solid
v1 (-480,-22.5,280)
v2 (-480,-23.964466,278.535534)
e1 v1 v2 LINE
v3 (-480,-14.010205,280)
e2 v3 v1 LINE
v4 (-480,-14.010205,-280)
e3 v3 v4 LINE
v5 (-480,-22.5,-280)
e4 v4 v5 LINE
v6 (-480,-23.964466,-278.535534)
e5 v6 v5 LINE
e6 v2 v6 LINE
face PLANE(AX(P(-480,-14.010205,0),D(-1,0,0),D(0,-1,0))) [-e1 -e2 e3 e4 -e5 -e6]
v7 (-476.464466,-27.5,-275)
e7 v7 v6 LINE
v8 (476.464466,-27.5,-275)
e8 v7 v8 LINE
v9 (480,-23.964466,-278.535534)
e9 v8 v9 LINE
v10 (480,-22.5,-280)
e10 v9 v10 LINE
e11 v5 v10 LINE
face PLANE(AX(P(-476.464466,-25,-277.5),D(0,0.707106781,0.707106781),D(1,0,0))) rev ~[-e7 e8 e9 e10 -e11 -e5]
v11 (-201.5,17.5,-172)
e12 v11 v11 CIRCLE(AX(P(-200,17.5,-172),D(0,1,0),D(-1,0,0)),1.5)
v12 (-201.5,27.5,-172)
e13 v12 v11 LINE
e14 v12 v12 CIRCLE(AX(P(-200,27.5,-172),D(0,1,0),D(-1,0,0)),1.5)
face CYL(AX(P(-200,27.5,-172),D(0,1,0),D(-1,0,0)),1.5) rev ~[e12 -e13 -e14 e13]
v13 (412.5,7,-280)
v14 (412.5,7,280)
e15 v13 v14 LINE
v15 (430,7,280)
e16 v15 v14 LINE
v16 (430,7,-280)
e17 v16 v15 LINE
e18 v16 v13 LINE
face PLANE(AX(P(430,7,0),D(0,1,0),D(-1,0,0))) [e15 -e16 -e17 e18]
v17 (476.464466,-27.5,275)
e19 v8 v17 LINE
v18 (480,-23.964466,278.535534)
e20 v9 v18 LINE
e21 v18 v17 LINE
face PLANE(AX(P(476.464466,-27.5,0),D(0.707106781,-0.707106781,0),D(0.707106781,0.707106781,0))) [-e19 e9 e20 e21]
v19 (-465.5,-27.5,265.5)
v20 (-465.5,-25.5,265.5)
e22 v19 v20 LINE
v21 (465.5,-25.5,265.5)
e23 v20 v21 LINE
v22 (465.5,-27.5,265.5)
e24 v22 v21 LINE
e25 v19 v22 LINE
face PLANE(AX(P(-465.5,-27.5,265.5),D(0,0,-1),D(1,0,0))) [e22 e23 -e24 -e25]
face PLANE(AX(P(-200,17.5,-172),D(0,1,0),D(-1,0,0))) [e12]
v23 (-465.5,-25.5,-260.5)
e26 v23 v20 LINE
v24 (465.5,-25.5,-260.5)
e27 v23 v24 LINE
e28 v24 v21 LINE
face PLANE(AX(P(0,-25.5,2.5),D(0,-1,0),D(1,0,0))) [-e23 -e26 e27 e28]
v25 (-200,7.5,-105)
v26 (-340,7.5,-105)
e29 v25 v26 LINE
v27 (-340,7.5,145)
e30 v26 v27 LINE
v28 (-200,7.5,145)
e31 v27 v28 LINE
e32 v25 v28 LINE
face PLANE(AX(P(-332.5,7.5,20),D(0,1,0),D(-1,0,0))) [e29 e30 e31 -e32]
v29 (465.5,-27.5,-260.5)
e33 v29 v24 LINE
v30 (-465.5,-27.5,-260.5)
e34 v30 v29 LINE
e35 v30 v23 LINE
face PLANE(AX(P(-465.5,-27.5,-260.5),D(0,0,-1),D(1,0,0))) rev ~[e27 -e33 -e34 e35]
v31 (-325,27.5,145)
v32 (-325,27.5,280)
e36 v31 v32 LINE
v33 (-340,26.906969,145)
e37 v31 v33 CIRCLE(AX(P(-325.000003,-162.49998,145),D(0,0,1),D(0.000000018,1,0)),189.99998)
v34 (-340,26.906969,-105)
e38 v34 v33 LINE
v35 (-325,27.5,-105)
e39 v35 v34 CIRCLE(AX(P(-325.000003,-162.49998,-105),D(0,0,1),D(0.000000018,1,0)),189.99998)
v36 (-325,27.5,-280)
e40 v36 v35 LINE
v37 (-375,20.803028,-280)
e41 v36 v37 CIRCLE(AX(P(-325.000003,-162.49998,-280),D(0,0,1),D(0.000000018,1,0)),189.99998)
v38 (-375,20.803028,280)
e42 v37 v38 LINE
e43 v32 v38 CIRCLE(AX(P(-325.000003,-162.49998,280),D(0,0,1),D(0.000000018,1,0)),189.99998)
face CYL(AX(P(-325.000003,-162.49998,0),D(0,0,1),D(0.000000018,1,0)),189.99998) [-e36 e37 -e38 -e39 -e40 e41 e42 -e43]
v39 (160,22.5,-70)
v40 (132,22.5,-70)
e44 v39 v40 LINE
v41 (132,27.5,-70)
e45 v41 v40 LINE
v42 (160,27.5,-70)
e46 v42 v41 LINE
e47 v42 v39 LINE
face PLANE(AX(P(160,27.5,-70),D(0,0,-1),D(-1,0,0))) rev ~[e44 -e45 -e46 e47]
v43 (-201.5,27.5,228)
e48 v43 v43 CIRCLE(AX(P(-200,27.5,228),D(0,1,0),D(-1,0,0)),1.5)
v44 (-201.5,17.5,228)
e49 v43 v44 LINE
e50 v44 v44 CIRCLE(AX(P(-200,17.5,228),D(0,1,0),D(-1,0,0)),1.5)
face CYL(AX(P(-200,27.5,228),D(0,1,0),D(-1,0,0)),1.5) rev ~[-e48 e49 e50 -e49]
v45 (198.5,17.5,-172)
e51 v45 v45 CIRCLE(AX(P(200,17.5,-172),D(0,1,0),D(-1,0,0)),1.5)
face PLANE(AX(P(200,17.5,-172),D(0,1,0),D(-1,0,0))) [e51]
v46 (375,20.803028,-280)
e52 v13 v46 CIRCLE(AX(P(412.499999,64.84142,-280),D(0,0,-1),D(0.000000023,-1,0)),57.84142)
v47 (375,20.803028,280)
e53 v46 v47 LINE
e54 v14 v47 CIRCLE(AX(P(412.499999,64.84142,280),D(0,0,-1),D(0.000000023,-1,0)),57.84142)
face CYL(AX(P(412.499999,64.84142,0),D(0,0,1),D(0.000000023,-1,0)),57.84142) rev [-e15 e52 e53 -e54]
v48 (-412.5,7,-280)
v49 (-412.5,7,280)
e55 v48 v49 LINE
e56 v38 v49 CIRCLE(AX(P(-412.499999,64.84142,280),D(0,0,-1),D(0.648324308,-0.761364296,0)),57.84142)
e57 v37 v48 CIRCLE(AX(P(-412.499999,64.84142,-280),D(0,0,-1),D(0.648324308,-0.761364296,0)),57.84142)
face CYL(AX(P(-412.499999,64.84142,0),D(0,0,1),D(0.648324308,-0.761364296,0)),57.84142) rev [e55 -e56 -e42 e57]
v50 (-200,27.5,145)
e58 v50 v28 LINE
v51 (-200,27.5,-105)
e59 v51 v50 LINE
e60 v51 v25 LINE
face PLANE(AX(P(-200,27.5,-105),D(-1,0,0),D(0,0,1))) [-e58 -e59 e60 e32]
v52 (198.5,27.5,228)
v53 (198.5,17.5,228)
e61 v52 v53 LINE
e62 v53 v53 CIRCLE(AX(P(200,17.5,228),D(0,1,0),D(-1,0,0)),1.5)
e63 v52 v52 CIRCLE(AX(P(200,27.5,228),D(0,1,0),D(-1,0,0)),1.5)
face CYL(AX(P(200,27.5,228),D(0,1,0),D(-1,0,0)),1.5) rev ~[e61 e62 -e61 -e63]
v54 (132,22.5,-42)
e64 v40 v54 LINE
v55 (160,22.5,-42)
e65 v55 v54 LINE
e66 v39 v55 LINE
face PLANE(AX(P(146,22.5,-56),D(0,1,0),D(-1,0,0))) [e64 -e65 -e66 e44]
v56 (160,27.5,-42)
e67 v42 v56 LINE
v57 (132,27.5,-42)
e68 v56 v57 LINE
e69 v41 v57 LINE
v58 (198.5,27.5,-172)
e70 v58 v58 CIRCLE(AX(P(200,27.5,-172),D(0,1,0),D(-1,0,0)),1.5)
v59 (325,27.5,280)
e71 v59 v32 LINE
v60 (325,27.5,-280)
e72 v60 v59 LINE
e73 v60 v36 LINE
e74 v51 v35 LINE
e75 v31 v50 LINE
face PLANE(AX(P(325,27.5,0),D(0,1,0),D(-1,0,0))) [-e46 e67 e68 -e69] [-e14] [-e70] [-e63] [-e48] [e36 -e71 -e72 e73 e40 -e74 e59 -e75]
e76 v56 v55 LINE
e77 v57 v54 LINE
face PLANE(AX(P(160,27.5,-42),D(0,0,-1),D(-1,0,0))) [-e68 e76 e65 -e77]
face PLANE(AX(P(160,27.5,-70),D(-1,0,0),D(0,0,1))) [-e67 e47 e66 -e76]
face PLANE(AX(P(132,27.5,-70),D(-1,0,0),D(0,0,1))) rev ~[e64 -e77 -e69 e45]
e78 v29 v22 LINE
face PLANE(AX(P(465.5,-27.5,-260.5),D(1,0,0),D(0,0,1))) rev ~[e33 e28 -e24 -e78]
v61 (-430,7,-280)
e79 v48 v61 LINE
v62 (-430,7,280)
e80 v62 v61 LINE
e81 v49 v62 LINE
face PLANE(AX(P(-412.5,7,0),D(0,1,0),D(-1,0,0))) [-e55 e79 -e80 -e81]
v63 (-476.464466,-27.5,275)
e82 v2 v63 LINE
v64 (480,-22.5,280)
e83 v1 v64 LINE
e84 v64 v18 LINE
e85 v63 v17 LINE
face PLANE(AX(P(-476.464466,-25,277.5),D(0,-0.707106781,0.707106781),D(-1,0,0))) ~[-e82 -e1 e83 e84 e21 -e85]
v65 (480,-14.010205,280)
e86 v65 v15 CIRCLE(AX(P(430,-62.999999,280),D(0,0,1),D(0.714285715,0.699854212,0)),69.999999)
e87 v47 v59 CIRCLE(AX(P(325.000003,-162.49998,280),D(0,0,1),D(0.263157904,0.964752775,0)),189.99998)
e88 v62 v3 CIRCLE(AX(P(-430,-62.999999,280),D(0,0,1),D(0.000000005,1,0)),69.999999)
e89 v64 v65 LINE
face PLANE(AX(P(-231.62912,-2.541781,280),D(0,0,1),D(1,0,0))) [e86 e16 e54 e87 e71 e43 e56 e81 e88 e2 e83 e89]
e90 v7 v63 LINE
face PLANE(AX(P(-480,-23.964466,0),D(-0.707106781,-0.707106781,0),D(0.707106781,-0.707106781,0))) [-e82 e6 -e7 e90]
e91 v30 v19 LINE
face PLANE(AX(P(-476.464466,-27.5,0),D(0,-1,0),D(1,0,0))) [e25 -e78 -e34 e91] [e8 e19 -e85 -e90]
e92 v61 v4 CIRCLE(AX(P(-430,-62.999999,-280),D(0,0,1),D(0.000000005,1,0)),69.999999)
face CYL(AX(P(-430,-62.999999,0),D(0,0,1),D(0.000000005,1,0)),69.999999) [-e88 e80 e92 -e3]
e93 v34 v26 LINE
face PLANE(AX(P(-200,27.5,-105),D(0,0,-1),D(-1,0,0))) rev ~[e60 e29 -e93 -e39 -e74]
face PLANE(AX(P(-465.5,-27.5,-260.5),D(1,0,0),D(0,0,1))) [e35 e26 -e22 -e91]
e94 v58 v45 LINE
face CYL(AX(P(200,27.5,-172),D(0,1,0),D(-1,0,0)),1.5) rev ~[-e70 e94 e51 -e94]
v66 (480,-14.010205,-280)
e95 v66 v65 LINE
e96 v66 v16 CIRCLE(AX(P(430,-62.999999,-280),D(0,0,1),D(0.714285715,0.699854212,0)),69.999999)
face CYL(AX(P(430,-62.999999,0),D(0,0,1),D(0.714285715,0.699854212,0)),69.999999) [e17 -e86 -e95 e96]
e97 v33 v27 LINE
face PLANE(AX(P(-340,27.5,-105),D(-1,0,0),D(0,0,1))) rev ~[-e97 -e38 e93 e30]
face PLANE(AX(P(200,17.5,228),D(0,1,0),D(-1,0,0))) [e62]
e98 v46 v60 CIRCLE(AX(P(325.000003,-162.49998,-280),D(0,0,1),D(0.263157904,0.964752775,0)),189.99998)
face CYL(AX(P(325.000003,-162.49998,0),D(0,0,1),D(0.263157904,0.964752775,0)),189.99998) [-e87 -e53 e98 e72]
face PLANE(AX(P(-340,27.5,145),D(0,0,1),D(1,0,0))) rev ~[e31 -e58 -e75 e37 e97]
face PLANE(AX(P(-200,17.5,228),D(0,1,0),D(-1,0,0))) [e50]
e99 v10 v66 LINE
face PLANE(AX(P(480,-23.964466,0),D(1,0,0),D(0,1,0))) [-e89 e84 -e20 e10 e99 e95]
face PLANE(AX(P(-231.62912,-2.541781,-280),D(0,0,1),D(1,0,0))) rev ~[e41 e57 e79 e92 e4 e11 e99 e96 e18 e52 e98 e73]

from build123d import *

# Parameters (mm, degrees)
F1_DEPTH  = 280
F2_SIZE   = 5
F3_W      = 931
F3_H      = 526
F4_DEPTH  = 2
F5_R      = 1.5
F6_DEPTH  = 10
F7_W      = 15
F7_H      = 250
F7_W_2    = 125
F8_DEPTH  = 20
F9_W      = 28
F9_H      = 28
F10_DEPTH = 5


with BuildPart() as f1:
    # F0 (on Top) → F1 (new body, symmetric)
    with BuildSketch(Plane.XY):
        with BuildLine():
            Line((-480, -23.964466), (-476.464466, -27.5))
            Line((-476.464466, -27.5), (0, -27.5))
            Line((0, -27.5), (0, 27.5))
            Line((0, 27.5), (-325, 27.5))
            ThreePointArc((-325, 27.5), (-350.22325, 25.818315), (-375, 20.803028))
            ThreePointArc((-375, 20.803028), (-392.520175, 10.560332), (-412.5, 7))
            Line((-412.5, 7), (-430, 7))
            ThreePointArc((-430, 7), (-457.11747, 1.534044), (-480, -14.010205))
            Line((-480, -14.010205), (-480, -23.964466))
        make_face()
        with BuildLine():
            Line((0, 27.5), (0, -27.5))
            Line((0, -27.5), (476.464466, -27.5))
            Line((476.464466, -27.5), (480, -23.964466))
            Line((480, -23.964466), (480, -14.010205))
            ThreePointArc((480, -14.010205), (457.11747, 1.534044), (430, 7))
            Line((430, 7), (412.5, 7))
            ThreePointArc((412.5, 7), (392.520175, 10.560332), (375, 20.803028))
            ThreePointArc((375, 20.803028), (350.22325, 25.818315), (325, 27.5))
            Line((325, 27.5), (0, 27.5))
        make_face()
    extrude(amount=F1_DEPTH, both=True)

    # F2
    f2_edges = [f1.edges().sort_by_distance(p)[0] for p in [
        (0, -27.5, 280),
        (0, -27.5, -280),
    ]]
    chamfer(f2_edges, length=F2_SIZE)

    # F3 (on face) → F4 (cut)
    with BuildSketch(Plane.XZ.offset(27.5)):
        with Locations((0, 2.5)):
            Rectangle(F3_W, F3_H)
    extrude(amount=-F4_DEPTH, mode=Mode.SUBTRACT)

    # F5 (on face) → F6 (cut)
    with BuildSketch(Plane(origin=(0, 27.5, 0), x_dir=(-1, 0, 0), z_dir=(0, 1, 0))):
        with Locations((-200, 228)):
            Circle(F5_R)
        with Locations((200, 228)):
            Circle(F5_R)
        with Locations((200, -172)):
            Circle(F5_R)
        with Locations((-200, -172)):
            Circle(F5_R)
    extrude(amount=-F6_DEPTH, mode=Mode.SUBTRACT)

    # F7 (on face) → F8 (cut)
    with BuildSketch(Plane(origin=(0, 27.5, 0), x_dir=(-1, 0, 0), z_dir=(0, 1, 0))):
        with Locations((332.5, 20)):
            Rectangle(F7_W, F7_H)
        with Locations((262.5, 20)):
            Rectangle(F7_W_2, F7_H)
    extrude(amount=-F8_DEPTH, mode=Mode.SUBTRACT)

    # F9 (on face) → F10 (cut)
    with BuildSketch(Plane(origin=(0, 27.5, 0), x_dir=(-1, 0, 0), z_dir=(0, 1, 0))):
        with Locations((-146, -56)):
            Rectangle(F9_W, F9_H)
    extrude(amount=-F10_DEPTH, mode=Mode.SUBTRACT)


solid = f1.part
